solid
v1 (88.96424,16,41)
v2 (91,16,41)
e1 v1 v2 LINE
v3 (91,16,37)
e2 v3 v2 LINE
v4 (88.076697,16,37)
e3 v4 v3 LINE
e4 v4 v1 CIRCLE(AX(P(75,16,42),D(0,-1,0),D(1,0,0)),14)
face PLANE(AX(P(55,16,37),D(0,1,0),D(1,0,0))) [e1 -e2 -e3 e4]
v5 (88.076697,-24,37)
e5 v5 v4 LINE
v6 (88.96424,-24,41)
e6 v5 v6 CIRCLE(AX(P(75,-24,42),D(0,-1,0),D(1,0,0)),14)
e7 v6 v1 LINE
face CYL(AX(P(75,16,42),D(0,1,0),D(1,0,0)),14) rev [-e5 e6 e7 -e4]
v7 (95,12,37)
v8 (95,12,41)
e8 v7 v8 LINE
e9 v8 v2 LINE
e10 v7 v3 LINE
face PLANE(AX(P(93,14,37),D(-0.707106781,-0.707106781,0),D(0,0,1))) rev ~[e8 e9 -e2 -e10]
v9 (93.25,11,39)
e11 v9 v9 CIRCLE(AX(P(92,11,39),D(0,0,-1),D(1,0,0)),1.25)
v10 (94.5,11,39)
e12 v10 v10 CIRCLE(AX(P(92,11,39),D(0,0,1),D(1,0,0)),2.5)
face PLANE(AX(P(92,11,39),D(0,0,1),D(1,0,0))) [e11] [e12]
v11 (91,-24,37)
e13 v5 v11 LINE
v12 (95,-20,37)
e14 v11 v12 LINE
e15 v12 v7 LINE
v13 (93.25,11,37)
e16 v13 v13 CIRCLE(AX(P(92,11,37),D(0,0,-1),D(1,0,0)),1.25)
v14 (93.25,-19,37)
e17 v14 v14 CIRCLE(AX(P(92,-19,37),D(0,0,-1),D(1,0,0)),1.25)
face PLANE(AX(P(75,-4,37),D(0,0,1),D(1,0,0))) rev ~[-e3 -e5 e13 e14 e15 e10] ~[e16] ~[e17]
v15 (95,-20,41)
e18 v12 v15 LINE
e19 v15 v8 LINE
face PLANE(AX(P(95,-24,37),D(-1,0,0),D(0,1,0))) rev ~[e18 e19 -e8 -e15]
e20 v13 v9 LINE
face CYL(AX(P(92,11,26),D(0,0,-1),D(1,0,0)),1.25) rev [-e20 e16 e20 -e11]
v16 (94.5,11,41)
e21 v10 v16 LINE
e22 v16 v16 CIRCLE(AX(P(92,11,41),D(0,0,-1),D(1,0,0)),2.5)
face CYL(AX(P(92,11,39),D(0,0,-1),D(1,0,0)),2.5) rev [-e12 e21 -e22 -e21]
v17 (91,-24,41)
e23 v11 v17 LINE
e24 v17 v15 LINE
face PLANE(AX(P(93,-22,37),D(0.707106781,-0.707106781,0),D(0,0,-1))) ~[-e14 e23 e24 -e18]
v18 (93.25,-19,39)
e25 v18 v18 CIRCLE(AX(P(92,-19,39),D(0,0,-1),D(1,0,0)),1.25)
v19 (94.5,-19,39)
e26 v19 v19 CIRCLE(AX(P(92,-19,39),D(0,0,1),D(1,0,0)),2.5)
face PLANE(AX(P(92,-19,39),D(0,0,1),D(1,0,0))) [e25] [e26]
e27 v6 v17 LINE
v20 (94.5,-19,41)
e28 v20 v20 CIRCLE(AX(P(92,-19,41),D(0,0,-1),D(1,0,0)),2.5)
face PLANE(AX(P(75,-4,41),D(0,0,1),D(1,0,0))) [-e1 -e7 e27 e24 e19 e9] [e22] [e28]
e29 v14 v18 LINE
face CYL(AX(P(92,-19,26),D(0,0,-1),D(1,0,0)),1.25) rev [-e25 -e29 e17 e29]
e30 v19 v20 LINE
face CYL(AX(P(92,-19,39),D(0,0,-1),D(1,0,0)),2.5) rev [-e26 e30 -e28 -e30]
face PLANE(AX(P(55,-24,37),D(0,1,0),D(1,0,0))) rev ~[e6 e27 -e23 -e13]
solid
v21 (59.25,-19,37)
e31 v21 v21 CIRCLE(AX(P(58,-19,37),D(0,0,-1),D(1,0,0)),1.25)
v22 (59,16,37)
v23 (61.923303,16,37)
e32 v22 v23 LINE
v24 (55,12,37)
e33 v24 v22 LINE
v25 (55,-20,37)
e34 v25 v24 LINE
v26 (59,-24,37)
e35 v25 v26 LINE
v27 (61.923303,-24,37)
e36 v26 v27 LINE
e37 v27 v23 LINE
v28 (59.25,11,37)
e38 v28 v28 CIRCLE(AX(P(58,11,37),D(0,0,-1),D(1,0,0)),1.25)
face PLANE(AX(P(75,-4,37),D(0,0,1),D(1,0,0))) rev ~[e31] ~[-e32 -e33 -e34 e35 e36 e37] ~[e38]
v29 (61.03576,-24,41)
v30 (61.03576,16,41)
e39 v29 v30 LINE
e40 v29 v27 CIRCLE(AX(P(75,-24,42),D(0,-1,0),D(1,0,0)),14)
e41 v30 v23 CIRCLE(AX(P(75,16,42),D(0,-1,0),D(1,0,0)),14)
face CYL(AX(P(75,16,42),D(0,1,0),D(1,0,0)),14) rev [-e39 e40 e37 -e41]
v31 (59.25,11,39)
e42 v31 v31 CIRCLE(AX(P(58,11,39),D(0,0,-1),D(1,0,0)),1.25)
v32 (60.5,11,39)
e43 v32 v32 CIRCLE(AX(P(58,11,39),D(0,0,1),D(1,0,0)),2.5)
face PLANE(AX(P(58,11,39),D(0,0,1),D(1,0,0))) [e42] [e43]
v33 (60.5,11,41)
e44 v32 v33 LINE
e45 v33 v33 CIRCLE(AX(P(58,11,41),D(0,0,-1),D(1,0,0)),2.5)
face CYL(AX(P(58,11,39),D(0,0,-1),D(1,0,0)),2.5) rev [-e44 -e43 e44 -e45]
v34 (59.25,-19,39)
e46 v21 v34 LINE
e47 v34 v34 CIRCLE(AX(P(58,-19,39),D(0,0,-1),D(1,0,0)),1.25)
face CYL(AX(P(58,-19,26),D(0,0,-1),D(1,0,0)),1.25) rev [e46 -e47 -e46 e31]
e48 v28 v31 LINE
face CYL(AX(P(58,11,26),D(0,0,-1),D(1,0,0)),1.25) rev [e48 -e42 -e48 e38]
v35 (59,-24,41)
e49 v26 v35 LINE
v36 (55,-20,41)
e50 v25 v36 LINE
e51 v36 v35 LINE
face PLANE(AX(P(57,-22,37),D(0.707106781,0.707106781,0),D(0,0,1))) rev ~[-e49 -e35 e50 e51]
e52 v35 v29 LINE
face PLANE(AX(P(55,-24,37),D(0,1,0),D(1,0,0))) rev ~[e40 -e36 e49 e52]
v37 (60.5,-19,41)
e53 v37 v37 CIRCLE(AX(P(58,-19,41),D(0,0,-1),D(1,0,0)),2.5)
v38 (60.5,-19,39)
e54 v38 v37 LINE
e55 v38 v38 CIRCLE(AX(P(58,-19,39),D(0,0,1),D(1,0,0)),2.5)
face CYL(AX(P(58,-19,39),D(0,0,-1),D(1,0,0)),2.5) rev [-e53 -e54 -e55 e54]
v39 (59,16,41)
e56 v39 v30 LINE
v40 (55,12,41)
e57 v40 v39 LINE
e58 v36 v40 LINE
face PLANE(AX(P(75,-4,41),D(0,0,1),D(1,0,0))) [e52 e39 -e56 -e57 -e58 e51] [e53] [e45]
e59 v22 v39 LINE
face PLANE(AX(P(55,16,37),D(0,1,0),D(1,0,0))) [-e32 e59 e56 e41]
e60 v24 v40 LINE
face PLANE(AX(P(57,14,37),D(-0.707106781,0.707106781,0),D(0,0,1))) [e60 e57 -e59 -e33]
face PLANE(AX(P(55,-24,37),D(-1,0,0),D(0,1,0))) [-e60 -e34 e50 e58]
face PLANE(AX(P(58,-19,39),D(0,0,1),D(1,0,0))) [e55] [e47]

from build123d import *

# Parameters (mm, degrees)
CYLINDER495_R      = 2.5
CYLINDER495_DEPTH  = 3
CYLINDER496_R      = 2.5
CYLINDER496_DEPTH  = 3
CYLINDER494_R      = 2.5
CYLINDER494_DEPTH  = 3
CYLINDER493_R      = 2.5
CYLINDER493_DEPTH  = 3
CYLINDER492_R      = 1.25
CYLINDER492_DEPTH  = 20
CYLINDER491_R      = 1.25
CYLINDER491_DEPTH  = 20
CYLINDER490_R      = 1.25
CYLINDER490_DEPTH  = 20
CYLINDER489_R      = 1.25
CYLINDER489_DEPTH  = 20
CYLINDER1801_R     = 14
CYLINDER1801_DEPTH = 40
BOX214_W           = 40
BOX214_H           = 40
BOX214_DEPTH       = 4
CHAMFER056_SIZE    = 4


with BuildPart() as v_lec495:
    # Cylinder495 → Cylinder495 (new body)
    with BuildSketch(Plane(origin=(58, -19, 26), x_dir=(1, 0, 0), z_dir=(0, 0, 1))):
        Circle(CYLINDER495_R)
    extrude(amount=CYLINDER495_DEPTH)


with BuildPart() as compound601:
    # Cylinder496 → Cylinder496 (new body)
    with BuildSketch(Plane(origin=(58, 11, 26), x_dir=(1, 0, 0), z_dir=(0, 0, 1))):
        Circle(CYLINDER496_R)
    extrude(amount=CYLINDER496_DEPTH)

    # Compound601: union Válec495
    add(v_lec495.part)


with BuildPart() as compound601_1:
    # Compound601 placement: moved
    add(compound601.part.moved(Location((34, 0, 13))))


with BuildPart() as v_lec494:
    # Cylinder494 → Cylinder494 (new body)
    with BuildSketch(Plane(origin=(58, -19, 26), x_dir=(1, 0, 0), z_dir=(0, 0, 1))):
        Circle(CYLINDER494_R)
    extrude(amount=CYLINDER494_DEPTH)


with BuildPart() as compound603:
    # Cylinder493 → Cylinder493 (new body)
    with BuildSketch(Plane(origin=(58, 11, 26), x_dir=(1, 0, 0), z_dir=(0, 0, 1))):
        Circle(CYLINDER493_R)
    extrude(amount=CYLINDER493_DEPTH)

    # Compound600: union Válec494
    add(v_lec494.part)


with BuildPart() as compound603_1:
    # Compound600 placement: moved
    add(compound603.part.moved(Location((0, 0, 13))))

    # Compound603: union Compound601
    add(compound601_1.part)


with BuildPart() as v_lec492:
    # Cylinder492 → Cylinder492 (new body)
    with BuildSketch(Plane(origin=(58, -19, 26), x_dir=(1, 0, 0), z_dir=(0, 0, 1))):
        Circle(CYLINDER492_R)
    extrude(amount=CYLINDER492_DEPTH)


with BuildPart() as compound599:
    # Cylinder491 → Cylinder491 (new body)
    with BuildSketch(Plane(origin=(58, 11, 26), x_dir=(1, 0, 0), z_dir=(0, 0, 1))):
        Circle(CYLINDER491_R)
    extrude(amount=CYLINDER491_DEPTH)

    # Compound599: union Válec492
    add(v_lec492.part)


with BuildPart() as compound599_1:
    # Compound599 placement: moved
    add(compound599.part.moved(Location((34, 0, 0))))


with BuildPart() as v_lec490:
    # Cylinder490 → Cylinder490 (new body)
    with BuildSketch(Plane(origin=(58, -19, 26), x_dir=(1, 0, 0), z_dir=(0, 0, 1))):
        Circle(CYLINDER490_R)
    extrude(amount=CYLINDER490_DEPTH)


with BuildPart() as compound602:
    # Cylinder489 → Cylinder489 (new body)
    with BuildSketch(Plane(origin=(58, 11, 26), x_dir=(1, 0, 0), z_dir=(0, 0, 1))):
        Circle(CYLINDER489_R)
    extrude(amount=CYLINDER489_DEPTH)

    # Compound897: union Válec490
    add(v_lec490.part)

    # Compound602: union Compound599
    add(compound599_1.part)


with BuildPart() as v_lec1801:
    # Cylinder1801 → Cylinder1801 (new body)
    with BuildSketch(Plane(origin=(75, 16, 42), x_dir=(1, 0, 0), z_dir=(0, -1, 0))):
        Circle(CYLINDER1801_R)
    extrude(amount=CYLINDER1801_DEPTH)


with BuildPart() as chamfer056:
    # Box214 → Box214 (new body)
    with BuildSketch(Plane(origin=(55, -24, 37), x_dir=(1, 0, 0), z_dir=(0, 0, 1))):
        with Locations((20, 20)):
            Rectangle(BOX214_W, BOX214_H)
    extrude(amount=BOX214_DEPTH)

    # Cut531: cut Válec1801
    add(v_lec1801.part, mode=Mode.SUBTRACT)

    # Cut376: cut Compound602
    add(compound602.part, mode=Mode.SUBTRACT)

    # Cut377: cut Compound603
    add(compound603_1.part, mode=Mode.SUBTRACT)

    # Chamfer056
    chamfer056_edges = [chamfer056.edges().sort_by_distance(p)[0] for p in [
        (55, -24, 39),
        (55, 16, 39),
        (95, -24, 39),
        (95, 16, 39),
    ]]
    chamfer(chamfer056_edges, length=CHAMFER056_SIZE)


solid = chamfer056.part
